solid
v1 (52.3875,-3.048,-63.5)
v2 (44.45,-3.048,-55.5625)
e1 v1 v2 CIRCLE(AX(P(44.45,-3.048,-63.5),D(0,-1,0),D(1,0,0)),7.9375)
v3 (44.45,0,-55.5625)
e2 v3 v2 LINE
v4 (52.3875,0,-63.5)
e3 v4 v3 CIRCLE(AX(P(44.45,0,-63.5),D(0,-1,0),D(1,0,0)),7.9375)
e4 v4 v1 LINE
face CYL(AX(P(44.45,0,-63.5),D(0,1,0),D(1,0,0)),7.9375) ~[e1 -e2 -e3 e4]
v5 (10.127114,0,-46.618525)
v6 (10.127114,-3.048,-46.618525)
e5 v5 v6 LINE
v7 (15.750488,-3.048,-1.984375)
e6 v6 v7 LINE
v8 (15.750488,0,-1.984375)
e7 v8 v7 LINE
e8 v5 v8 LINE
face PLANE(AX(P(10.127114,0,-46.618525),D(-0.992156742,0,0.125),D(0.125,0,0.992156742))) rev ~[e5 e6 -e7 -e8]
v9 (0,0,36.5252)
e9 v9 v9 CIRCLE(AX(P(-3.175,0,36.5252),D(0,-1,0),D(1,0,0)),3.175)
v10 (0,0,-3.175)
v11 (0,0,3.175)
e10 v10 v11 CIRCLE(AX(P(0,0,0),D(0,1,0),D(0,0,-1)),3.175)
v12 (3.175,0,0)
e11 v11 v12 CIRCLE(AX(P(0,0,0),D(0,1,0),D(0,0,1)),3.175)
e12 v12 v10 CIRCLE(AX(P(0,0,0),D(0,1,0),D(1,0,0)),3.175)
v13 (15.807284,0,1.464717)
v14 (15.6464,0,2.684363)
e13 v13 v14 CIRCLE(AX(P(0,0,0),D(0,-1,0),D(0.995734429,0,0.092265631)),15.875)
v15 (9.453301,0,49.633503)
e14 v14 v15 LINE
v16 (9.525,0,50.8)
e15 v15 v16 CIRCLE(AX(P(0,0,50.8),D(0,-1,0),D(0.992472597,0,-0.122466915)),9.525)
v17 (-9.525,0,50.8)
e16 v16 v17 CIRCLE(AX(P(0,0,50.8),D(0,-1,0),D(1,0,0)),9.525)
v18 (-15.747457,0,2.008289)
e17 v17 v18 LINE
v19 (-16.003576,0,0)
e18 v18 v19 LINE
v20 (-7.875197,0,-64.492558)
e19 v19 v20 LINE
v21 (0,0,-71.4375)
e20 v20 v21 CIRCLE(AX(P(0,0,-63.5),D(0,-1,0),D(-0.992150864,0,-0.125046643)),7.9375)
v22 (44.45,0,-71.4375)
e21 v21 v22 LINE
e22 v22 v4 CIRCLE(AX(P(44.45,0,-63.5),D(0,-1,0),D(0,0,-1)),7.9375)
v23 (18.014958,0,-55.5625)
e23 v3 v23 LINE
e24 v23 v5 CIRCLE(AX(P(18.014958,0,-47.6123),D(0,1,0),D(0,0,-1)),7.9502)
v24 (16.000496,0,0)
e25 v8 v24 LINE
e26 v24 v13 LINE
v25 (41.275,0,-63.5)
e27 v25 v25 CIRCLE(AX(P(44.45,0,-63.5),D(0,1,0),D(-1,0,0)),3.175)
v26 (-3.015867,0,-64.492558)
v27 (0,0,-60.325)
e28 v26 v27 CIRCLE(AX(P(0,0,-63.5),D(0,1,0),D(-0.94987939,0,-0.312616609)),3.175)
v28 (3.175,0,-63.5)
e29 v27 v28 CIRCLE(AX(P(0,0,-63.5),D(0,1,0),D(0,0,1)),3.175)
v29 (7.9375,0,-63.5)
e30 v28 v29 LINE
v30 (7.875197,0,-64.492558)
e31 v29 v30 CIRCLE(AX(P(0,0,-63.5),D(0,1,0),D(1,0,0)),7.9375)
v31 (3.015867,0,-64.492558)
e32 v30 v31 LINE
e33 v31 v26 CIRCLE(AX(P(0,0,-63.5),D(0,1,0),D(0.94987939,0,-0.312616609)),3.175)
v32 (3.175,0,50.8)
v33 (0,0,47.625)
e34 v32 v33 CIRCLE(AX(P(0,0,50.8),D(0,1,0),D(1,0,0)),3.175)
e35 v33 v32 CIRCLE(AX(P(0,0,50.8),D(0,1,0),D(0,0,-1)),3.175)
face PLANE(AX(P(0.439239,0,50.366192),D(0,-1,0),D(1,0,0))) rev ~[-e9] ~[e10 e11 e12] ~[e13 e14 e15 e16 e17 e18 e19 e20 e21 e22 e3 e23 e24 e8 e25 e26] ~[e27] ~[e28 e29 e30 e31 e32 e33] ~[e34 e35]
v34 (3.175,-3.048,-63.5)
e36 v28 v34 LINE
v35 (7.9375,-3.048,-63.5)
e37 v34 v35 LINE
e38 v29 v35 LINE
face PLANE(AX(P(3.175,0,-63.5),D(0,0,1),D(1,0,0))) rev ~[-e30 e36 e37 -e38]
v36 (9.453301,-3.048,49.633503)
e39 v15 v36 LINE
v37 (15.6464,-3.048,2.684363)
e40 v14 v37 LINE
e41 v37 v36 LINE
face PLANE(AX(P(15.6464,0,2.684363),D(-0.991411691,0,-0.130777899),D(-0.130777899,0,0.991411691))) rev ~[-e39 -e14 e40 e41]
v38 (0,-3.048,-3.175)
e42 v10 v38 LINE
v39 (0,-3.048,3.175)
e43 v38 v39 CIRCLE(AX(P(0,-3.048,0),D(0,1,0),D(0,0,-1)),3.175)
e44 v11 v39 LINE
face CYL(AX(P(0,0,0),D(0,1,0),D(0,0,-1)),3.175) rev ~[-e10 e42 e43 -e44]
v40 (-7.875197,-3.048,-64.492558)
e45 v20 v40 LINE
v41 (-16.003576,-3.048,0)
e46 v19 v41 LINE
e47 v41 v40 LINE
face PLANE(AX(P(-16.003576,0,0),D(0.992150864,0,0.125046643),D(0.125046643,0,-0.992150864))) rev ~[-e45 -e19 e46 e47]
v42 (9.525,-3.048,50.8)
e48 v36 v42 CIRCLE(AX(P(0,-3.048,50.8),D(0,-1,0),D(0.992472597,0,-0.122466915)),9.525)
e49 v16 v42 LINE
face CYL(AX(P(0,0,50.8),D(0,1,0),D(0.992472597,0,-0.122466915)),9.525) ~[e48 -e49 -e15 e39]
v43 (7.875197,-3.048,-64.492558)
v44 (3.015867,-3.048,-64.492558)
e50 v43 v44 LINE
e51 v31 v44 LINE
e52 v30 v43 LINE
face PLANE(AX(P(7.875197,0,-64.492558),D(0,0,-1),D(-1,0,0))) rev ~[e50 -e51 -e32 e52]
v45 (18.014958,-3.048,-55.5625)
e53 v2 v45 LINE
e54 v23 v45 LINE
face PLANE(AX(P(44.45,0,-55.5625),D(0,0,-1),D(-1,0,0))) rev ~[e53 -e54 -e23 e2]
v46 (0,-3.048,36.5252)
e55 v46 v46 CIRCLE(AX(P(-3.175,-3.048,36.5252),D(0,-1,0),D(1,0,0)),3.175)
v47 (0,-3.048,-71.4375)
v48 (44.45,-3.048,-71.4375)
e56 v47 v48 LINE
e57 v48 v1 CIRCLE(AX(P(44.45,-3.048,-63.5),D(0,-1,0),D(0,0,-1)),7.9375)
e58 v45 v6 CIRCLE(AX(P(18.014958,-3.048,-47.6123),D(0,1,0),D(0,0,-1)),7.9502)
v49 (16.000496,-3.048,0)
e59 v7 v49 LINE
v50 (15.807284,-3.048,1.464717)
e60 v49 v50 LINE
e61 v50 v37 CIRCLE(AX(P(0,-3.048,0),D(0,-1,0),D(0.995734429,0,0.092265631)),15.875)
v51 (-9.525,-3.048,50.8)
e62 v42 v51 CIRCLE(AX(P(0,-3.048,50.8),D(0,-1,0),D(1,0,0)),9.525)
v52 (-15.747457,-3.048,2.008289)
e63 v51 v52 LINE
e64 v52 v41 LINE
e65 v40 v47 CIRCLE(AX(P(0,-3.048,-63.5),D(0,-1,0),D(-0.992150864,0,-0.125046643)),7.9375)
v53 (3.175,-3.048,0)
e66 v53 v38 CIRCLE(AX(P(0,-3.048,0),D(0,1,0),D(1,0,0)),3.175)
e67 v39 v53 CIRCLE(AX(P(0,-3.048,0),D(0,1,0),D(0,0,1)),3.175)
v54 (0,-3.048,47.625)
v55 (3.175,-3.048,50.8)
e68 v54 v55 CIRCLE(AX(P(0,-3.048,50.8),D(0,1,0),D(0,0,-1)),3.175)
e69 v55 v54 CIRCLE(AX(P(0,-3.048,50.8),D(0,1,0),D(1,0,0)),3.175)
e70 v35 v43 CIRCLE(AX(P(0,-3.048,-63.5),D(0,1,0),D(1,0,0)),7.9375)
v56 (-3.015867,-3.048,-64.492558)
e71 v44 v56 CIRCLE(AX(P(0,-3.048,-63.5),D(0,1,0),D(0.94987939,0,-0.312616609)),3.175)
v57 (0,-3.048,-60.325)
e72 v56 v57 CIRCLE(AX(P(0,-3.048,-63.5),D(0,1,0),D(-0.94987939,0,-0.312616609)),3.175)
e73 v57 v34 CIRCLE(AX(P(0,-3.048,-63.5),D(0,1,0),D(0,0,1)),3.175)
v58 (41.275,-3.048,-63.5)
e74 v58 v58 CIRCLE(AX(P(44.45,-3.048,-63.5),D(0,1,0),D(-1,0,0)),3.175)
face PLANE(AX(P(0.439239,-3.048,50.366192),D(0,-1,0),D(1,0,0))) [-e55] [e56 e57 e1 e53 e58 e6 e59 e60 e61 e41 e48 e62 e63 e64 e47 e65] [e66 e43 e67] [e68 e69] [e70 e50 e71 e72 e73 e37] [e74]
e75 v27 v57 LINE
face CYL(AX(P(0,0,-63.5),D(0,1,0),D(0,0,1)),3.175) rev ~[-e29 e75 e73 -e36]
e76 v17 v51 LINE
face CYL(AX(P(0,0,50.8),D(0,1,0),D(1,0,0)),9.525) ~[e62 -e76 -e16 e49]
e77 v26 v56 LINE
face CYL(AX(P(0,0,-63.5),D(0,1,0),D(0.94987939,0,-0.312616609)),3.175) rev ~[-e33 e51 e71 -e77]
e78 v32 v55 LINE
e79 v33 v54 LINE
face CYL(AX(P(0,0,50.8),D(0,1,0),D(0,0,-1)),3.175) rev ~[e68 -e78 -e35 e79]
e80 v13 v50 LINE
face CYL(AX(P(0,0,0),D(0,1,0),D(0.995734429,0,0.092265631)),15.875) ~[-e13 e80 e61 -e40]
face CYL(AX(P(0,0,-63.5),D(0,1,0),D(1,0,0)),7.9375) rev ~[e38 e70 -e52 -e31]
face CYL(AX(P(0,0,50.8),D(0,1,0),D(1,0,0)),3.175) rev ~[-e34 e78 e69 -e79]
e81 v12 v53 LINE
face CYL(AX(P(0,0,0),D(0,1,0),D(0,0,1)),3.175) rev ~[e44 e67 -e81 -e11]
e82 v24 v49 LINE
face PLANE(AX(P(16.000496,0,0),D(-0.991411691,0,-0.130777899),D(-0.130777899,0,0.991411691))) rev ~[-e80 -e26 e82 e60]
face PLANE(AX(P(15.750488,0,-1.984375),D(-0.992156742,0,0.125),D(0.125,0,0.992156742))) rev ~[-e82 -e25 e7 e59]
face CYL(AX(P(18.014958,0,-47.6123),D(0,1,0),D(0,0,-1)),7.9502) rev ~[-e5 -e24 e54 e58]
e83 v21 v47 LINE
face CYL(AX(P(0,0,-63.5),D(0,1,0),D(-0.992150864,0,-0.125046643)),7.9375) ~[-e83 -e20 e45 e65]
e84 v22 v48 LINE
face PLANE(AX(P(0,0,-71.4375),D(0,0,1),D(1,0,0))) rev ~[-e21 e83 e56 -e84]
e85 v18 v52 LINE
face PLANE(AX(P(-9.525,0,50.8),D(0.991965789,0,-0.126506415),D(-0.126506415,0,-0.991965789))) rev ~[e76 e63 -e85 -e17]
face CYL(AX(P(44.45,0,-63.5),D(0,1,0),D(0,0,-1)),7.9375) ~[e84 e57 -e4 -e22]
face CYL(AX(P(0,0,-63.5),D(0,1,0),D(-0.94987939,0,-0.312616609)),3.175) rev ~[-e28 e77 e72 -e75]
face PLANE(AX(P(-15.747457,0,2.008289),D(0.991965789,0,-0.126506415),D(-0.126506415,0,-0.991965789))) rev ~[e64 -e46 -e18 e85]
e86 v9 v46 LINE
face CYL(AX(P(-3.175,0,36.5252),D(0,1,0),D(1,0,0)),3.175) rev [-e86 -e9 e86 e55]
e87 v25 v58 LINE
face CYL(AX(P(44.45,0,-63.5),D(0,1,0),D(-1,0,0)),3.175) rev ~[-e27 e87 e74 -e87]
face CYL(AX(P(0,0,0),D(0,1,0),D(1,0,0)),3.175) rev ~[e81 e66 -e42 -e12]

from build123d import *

# Parameters (mm, degrees)
F0_R     = 3.175
F1_DEPTH = 3.048


with BuildPart() as f1:
    # F0 (on Front) → F1 (new body)
    with BuildSketch(Plane.XZ):
        with BuildLine():
            ThreePointArc((-9.525, 50.8), (-6.7351920908, 44.0648079092), (0, 41.275))
            ThreePointArc((0, 41.275), (6.3093081085, 43.6642970779), (9.4533014816, 49.6335026369))
            ThreePointArc((9.4533014816, 49.6335026369), (9.5070584728, 50.2156506234), (9.525, 50.8))
            ThreePointArc((9.525, 50.8), (0, 60.325), (-9.525, 50.8))
        make_face()
        with BuildLine():
            ThreePointArc((3.175, 50.8), (2.2450640303, 48.5549359697), (0, 47.625))
            ThreePointArc((0, 47.625), (-2.2450640303, 53.0450640303), (3.175, 50.8))
        make_face(mode=Mode.SUBTRACT)
        with BuildLine():
            ThreePointArc((9.4533014816, 49.6335026369), (6.3093081085, 43.6642970779), (0, 41.275))
            Line((0, 41.275), (0, 36.5252))
            Line((0, 36.5252), (0, 15.875))
            ThreePointArc((0, 15.875), (10.2323349377, 12.1373368876), (15.646399532, 2.6843633667))
            Line((15.646399532, 2.6843633667), (9.4533014816, 49.6335026369))
        make_face()
        with BuildLine():
            Line((0, 36.5252), (0, 41.275))
            ThreePointArc((0, 41.275), (-6.7351920908, 44.0648079092), (-9.525, 50.8))
            Line((-9.525, 50.8), (-15.7474569171, 2.008289233))
            ThreePointArc((-15.7474569171, 2.008289233), (-10.4912828917, 11.9142187443), (0, 15.875))
            Line((0, 15.875), (0, 36.5252))
        make_face()
        with Locations((-3.175, 36.5252)):
            Circle(F0_R, mode=Mode.SUBTRACT)
        with BuildLine():
            ThreePointArc((15.646399532, 2.6843633667), (10.2323349377, 12.1373368876), (0, 15.875))
            Line((0, 15.875), (0, 3.175))
            ThreePointArc((0, 3.175), (2.2450640303, 2.2450640303), (3.175, 0))
            ThreePointArc((3.175, 0), (2.2450640303, -2.2450640303), (0, -3.175))
            Line((0, -3.175), (0, -15.875))
            ThreePointArc((0, -15.875), (10.5003255684, -11.9062499536), (15.7504882912, -1.9843748607))
            ThreePointArc((15.7504882912, -1.9843748607), (15.8438414948, -0.9941386666), (15.875, 0))
            ThreePointArc((15.875, 0), (15.8580619796, 0.7331406754), (15.807284063, 1.4647168844))
            Line((15.807284063, 1.4647168844), (15.646399532, 2.6843633667))
        make_face()
        with BuildLine():
            Line((0, 3.175), (0, 15.875))
            ThreePointArc((0, 15.875), (-10.4912828917, 11.9142187443), (-15.7474569171, 2.008289233))
            ThreePointArc((-15.7474569171, 2.008289233), (-11.9142187443, -10.4912828917), (0, -15.875))
            Line((0, -15.875), (0, -3.175))
            ThreePointArc((0, -3.175), (-3.175, 0), (0, 3.175))
        make_face()
        with BuildLine():
            ThreePointArc((0, -15.875), (-11.9142187443, -10.4912828917), (-15.7474569171, 2.008289233))
            Line((-15.7474569171, 2.008289233), (-16.0035761028, 0))
            Line((-16.0035761028, 0), (-7.8751974831, -64.4925577322))
            ThreePointArc((-7.8751974831, -64.4925577322), (-5.9532484095, -58.2499771786), (0, -55.5625))
            Line((0, -55.5625), (0, -15.875))
        make_face()
        with BuildLine():
            ThreePointArc((15.807284063, 1.4647168844), (15.7386605945, 2.0760991524), (15.646399532, 2.6843633667))
            Line((15.646399532, 2.6843633667), (15.807284063, 1.4647168844))
        make_face()
        with BuildLine():
            ThreePointArc((15.7504882912, -1.9843748607), (10.5003255684, -11.9062499536), (0, -15.875))
            Line((0, -15.875), (0, -55.5625))
            ThreePointArc((0, -55.5625), (5.6126600757, -57.8873399243), (7.9375, -63.5))
            Line((7.9375, -63.5), (36.5125, -63.5))
            ThreePointArc((36.5125, -63.5), (38.8373399243, -57.8873399243), (44.45, -55.5625))
            Line((44.45, -55.5625), (18.0149584672, -55.5625))
            ThreePointArc((18.0149584672, -55.5625), (12.0523084668, -52.8708630179), (10.1271139399, -46.6185249989))
            Line((10.1271139399, -46.6185249989), (15.7504882912, -1.9843748607))
        make_face()
        with BuildLine():
            Line((16.0004960243, 0), (15.807284063, 1.4647168844))
            ThreePointArc((15.807284063, 1.4647168844), (15.8580619796, 0.7331406754), (15.875, 0))
            ThreePointArc((15.875, 0), (15.8438414948, -0.9941386666), (15.7504882912, -1.9843748607))
            Line((15.7504882912, -1.9843748607), (16.0004960243, 0))
        make_face()
        with BuildLine():
            Line((0, -60.325), (0, -55.5625))
            ThreePointArc((0, -55.5625), (-5.9532484095, -58.2499771786), (-7.8751974831, -64.4925577322))
            Line((-7.8751974831, -64.4925577322), (-3.0158670641, -64.4925577322))
            ThreePointArc((-3.0158670641, -64.4925577322), (-2.5721582183, -61.6386491196), (0, -60.325))
        make_face()
        with BuildLine():
            Line((-3.0158670641, -64.4925577322), (-7.8751974831, -64.4925577322))
            ThreePointArc((-7.8751974831, -64.4925577322), (-5.2500228214, -69.4532484095), (0, -71.4375))
            ThreePointArc((0, -71.4375), (5.2500228214, -69.4532484095), (7.8751974831, -64.4925577322))
            Line((7.8751974831, -64.4925577322), (3.0158670641, -64.4925577322))
            ThreePointArc((3.0158670641, -64.4925577322), (0, -66.675), (-3.0158670641, -64.4925577322))
        make_face()
        with BuildLine():
            Line((36.5125, -63.5), (7.9375, -63.5))
            ThreePointArc((7.9375, -63.5), (7.9219090588, -63.997255582), (7.8751974831, -64.4925577322))
            ThreePointArc((7.8751974831, -64.4925577322), (5.2500228214, -69.4532484095), (0, -71.4375))
            Line((0, -71.4375), (44.45, -71.4375))
            ThreePointArc((44.45, -71.4375), (38.8373399243, -69.1126600757), (36.5125, -63.5))
        make_face()
        with BuildLine():
            ThreePointArc((44.45, -55.5625), (38.8373399243, -57.8873399243), (36.5125, -63.5))
            ThreePointArc((36.5125, -63.5), (38.8373399243, -69.1126600757), (44.45, -71.4375))
            ThreePointArc((44.45, -71.4375), (50.0626600757, -69.1126600757), (52.3875, -63.5))
            ThreePointArc((52.3875, -63.5), (50.0626600757, -57.8873399243), (44.45, -55.5625))
        make_face()
        with BuildLine():
            ThreePointArc((47.625, -63.5), (44.45, -66.675), (41.275, -63.5))
            ThreePointArc((41.275, -63.5), (44.45, -60.325), (47.625, -63.5))
        make_face(mode=Mode.SUBTRACT)
        with BuildLine():
            ThreePointArc((7.9375, -63.5), (5.6126600757, -57.8873399243), (0, -55.5625))
            Line((0, -55.5625), (0, -60.325))
            ThreePointArc((0, -60.325), (2.2450640303, -61.2549359697), (3.175, -63.5))
            Line((3.175, -63.5), (7.9375, -63.5))
        make_face()
    extrude(amount=F1_DEPTH)


solid = f1.part
